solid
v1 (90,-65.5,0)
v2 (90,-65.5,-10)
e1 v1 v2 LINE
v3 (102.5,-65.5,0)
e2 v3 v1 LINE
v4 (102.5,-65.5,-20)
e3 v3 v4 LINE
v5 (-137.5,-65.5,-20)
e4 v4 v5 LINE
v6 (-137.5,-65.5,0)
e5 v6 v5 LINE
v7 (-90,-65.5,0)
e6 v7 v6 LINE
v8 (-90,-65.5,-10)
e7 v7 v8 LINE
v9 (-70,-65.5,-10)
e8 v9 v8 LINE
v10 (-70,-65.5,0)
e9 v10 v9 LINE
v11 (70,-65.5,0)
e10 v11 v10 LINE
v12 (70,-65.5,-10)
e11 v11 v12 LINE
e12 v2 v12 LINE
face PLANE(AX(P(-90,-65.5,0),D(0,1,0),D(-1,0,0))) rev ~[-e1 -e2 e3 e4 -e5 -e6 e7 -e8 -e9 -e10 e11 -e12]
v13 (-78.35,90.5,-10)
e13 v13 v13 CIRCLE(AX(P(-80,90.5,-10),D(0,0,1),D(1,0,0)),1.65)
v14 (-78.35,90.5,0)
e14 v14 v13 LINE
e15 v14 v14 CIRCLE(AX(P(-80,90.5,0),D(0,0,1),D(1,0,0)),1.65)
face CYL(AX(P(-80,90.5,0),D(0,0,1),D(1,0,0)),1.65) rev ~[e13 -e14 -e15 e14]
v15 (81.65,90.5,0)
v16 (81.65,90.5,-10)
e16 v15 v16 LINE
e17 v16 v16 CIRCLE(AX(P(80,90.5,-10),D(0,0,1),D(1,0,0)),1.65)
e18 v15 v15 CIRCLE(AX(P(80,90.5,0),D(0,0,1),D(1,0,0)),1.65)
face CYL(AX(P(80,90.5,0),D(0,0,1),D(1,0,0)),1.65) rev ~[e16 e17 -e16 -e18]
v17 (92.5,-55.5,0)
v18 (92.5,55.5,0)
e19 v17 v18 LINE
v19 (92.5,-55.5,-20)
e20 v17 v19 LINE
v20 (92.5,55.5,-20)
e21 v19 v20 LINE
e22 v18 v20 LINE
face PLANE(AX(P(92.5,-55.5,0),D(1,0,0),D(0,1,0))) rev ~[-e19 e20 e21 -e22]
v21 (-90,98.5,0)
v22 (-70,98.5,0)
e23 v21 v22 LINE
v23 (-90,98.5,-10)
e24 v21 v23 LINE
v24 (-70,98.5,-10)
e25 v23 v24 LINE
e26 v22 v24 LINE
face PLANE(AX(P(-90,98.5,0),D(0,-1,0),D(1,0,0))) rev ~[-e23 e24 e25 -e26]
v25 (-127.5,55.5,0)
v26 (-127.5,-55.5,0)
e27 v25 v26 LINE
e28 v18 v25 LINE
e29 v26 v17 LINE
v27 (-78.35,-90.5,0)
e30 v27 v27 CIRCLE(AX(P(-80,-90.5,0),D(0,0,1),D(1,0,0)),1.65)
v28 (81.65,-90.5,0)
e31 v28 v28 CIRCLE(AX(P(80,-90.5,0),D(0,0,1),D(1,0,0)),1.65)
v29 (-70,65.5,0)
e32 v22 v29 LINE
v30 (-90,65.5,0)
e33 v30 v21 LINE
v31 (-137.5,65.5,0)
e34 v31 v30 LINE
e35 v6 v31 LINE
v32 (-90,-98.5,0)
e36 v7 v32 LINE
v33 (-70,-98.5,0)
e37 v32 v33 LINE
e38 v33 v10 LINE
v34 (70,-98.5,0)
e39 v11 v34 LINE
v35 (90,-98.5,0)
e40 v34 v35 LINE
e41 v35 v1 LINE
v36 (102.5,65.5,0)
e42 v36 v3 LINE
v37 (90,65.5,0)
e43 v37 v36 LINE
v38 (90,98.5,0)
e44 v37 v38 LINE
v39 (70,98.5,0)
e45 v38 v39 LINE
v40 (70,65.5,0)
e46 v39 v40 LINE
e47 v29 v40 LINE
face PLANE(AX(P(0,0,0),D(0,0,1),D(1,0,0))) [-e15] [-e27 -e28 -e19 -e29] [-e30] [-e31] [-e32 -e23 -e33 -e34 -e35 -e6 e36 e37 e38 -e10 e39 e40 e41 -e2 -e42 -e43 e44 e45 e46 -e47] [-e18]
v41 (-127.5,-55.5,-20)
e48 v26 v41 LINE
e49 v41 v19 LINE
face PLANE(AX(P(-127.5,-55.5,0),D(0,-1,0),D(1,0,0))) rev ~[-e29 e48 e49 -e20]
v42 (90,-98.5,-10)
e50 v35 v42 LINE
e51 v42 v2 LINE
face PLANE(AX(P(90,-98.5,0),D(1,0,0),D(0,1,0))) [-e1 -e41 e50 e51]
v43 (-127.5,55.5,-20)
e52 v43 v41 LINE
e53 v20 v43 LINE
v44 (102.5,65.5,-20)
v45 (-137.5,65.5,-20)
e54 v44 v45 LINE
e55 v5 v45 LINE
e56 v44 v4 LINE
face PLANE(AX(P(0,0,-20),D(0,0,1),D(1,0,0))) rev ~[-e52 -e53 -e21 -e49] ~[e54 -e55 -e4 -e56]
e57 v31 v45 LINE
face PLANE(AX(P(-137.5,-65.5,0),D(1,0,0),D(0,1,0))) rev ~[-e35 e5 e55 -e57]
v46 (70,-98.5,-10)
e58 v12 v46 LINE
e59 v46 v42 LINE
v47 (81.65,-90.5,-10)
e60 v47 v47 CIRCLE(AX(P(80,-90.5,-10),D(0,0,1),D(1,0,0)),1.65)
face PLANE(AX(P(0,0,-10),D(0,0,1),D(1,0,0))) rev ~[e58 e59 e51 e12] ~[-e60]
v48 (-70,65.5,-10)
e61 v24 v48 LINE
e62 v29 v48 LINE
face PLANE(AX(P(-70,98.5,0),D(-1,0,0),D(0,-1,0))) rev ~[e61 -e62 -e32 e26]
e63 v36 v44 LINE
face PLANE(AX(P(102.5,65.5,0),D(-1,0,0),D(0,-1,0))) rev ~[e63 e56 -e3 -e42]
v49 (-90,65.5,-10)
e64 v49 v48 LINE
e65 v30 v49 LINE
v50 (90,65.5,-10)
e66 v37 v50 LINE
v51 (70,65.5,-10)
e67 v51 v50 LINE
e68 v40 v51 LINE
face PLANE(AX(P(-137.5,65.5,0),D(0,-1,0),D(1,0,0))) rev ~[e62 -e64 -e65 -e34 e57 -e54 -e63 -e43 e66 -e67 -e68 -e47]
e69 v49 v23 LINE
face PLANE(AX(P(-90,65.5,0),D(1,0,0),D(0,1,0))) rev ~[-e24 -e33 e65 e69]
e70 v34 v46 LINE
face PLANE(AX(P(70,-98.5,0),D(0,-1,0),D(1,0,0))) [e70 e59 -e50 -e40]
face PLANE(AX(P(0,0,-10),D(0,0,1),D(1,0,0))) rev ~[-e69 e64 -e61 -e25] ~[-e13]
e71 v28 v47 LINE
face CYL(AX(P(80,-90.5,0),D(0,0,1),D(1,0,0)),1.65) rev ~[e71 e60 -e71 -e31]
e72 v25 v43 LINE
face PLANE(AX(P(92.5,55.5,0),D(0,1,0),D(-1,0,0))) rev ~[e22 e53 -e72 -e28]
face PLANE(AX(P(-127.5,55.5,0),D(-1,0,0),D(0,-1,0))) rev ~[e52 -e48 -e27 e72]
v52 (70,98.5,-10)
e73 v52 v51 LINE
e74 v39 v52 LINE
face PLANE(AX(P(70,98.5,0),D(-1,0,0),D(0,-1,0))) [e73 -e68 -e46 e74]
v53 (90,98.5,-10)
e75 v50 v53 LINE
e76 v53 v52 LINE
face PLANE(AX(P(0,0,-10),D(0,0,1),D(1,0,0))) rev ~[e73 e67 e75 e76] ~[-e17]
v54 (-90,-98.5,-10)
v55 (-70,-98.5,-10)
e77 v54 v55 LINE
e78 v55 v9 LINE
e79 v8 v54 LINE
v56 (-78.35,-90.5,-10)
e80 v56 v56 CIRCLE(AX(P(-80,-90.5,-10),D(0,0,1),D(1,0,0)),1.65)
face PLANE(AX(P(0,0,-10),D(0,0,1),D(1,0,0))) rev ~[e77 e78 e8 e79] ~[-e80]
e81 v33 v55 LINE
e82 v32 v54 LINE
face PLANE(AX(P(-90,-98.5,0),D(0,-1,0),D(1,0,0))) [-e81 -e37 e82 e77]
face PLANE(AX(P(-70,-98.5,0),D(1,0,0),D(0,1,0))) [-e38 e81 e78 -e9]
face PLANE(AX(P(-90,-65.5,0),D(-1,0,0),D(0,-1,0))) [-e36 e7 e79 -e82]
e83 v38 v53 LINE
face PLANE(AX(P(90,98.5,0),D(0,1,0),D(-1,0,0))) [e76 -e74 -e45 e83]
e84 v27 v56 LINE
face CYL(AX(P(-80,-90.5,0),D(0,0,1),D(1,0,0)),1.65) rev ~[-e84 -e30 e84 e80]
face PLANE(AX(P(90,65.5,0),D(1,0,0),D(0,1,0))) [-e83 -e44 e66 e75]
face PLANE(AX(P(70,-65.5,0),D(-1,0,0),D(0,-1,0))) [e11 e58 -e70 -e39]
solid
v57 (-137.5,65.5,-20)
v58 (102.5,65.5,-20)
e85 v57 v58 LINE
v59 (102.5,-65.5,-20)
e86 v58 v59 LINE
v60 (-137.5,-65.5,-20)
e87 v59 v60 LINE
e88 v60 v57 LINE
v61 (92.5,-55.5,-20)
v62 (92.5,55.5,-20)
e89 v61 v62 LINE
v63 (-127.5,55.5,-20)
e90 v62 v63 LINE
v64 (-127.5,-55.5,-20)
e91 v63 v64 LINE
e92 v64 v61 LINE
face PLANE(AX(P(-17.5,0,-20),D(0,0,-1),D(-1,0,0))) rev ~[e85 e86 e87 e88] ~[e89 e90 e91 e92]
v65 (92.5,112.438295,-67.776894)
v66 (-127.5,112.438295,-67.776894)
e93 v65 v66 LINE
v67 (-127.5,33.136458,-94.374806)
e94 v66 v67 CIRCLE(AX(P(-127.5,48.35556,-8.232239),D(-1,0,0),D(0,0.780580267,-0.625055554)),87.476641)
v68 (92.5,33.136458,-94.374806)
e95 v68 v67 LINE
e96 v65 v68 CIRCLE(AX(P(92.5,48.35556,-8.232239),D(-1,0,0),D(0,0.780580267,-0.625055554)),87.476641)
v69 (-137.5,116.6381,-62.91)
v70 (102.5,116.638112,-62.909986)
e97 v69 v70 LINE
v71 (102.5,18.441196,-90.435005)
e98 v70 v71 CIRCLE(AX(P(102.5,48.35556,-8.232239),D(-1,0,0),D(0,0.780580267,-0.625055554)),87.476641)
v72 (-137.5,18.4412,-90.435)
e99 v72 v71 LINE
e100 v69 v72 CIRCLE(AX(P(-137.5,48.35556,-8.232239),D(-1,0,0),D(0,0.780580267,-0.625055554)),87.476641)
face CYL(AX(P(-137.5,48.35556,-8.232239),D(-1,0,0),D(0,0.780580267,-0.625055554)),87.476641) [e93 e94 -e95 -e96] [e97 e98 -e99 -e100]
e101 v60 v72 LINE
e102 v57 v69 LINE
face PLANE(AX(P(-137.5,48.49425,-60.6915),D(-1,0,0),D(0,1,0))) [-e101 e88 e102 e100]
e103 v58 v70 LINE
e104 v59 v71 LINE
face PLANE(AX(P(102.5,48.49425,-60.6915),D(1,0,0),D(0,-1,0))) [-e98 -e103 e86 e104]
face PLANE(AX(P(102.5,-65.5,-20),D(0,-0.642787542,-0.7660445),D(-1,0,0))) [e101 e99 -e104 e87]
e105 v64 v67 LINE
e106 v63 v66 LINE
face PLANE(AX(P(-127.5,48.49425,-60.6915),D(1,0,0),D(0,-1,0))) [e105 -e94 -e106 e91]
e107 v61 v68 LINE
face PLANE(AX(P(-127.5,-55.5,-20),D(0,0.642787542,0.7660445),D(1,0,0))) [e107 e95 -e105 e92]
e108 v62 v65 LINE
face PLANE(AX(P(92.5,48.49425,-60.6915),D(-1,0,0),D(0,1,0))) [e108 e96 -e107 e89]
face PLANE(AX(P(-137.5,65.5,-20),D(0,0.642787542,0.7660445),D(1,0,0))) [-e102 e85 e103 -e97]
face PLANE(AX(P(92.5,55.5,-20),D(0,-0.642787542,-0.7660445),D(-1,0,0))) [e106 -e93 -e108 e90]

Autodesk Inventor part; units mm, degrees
ref_plane "YZ Plane" through (0, 0, 0) normal (1, 0, 0) x (0, 1, 0)
ref_plane "XZ Plane" through (0, 0, 0) normal (0, 1, 0) x (-1, 0, 0)
ref_plane "XY Plane" through (0, 0, 0) normal (0, 0, 1) x (1, 0, 0)
sketch "Sketch1" plane through (0, 0, 0) normal (0, 0, 1) x (1, 0, 0)
  line L0 (-80, -90.5) -> (80, -90.5) construction
  line L1 (80, -90.5) -> (80, 90.5) construction
  line L2 (80, 90.5) -> (-80, 90.5) construction
  line L3 (-80, 90.5) -> (-80, -90.5) construction
  line L4 (-80, -90.5) -> (80, 90.5) construction
  line L5 (80, -90.5) -> (-80, 90.5) construction
  line L6 (-137.5, 65.5) -> (102.5, 65.5)
  line L7 (102.5, 65.5) -> (102.5, -65.5)
  line L8 (102.5, -65.5) -> (-137.5, -65.5)
  line L9 (-137.5, -65.5) -> (-137.5, 65.5)
  circle A0 centre (-80, 90.5) radius 1.65
  circle A1 centre (80, 90.5) radius 1.65
  circle A2 centre (-80, -90.5) radius 1.65
  circle A3 centre (80, -90.5) radius 1.65
  line L10 (92.5, 55.5) -> (-127.5, 55.5)
  line L11 (-127.5, 55.5) -> (-127.5, -55.5)
  line L12 (-127.5, -55.5) -> (92.5, -55.5)
  line L13 (92.5, -55.5) -> (92.5, 55.5)
  line L14 (-70, 65.5) -> (-90, 65.5)
  line L15 (-90, 65.5) -> (-90, 98.5)
  line L16 (-90, 98.5) -> (-70, 98.5)
  line L17 (-70, 98.5) -> (-70, 65.5)
  line L18 (90, 98.5) -> (70, 98.5)
  line L19 (70, 98.5) -> (70, 65.5)
  line L20 (70, 65.5) -> (90, 65.5)
  line L21 (90, 65.5) -> (90, 98.5)
  line L22 (90, -65.5) -> (70, -65.5)
  line L23 (70, -65.5) -> (70, -98.5)
  line L24 (70, -98.5) -> (90, -98.5)
  line L25 (90, -98.5) -> (90, -65.5)
  line L26 (-70, -65.5) -> (-90, -65.5)
  line L27 (-90, -65.5) -> (-90, -98.5)
  line L28 (-90, -98.5) -> (-70, -98.5)
  line L29 (-70, -98.5) -> (-70, -65.5)
  point P0 (0, 0)
  point P1 (102.5, 0)
  point P2 (-80, 98.5)
  point P3 (80, 65.5)
  point P4 (80, -98.5)
  point P5 (-80, -98.5)
  point P6 (70, -65.5)
  point P7 (-90, -65.5)
  point P8 (-90, 65.5)
  dimension "d0" = 181
  dimension "d1" = 160
  dimension "d3" = 3.3
  dimension "d4" = 10
  dimension "d5" = 240
  dimension "d6" = 22.5
  dimension "d15" = 25
  dimension "d16" = 20
  dimension "d21" = 20
  dimension "d22" = 33
  dimension "d23" = 20
  dimension "d25" = 20
extrude "Extrusion1" add sketch "Sketch1" against normal blind 20 contours L6 L7 L8 L9
extrude "Extrusion2" add sketch "Sketch1" against normal blind 10 contours L15 L16 L17 L6 | L8 L29 L28 L27 | L19 L18 L21 L6 | L8 L25 L24 L23
sketch "Sketch2" plane through (0, 0, 0) normal (1, 0, 0) x (0, 1, 0)
  line L0 (65.5, 0) -> (-65.5, 0) construction
  line L1 (65.5, 0) -> (65.5, -20) construction
  line L2 (-65.5, -20) -> (65.5, -20) construction
  line L3 (-65.5, 0) -> (-65.5, -20) construction
  line L4 (0, -20) -> (96.9885, -101.383)
  line L5 (-65.5, -20) -> (65.5, -20) projected
  point P0 (0, 0)
  dimension "d29" = 40
sketch "Sketch3" plane through (0, 0, -20) normal (0, 0, -1) x (-1, 0, 0)
  line L0 (-102.5, -65.5) -> (137.5, -65.5) projected
  line L1 (137.5, -65.5) -> (137.5, 65.5) projected
  line L2 (137.5, 65.5) -> (-102.5, 65.5) projected
  line L3 (-102.5, 65.5) -> (-102.5, -65.5) projected
  line L4 (-92.5, -55.5) -> (-92.5, 55.5) projected
  line L5 (-92.5, 55.5) -> (127.5, 55.5) projected
  line L6 (127.5, 55.5) -> (127.5, -55.5) projected
  line L7 (127.5, -55.5) -> (-92.5, -55.5) projected
  point P0 (0, 0)
sweep "Sweep3" add profiles "Sketch3" path "Sketch2" separate body path curves L4
sketch "Sketch4" plane through (-137.5, -65.5, -20) normal (-1, 0, 0) x (0, 0, 1)
  line L0 (0, 0) -> (0, 131) projected
  line L1 (0, 131) -> (-81.383, 227.9885) projected
  line L2 (-81.383, 96.9885) -> (-81.383, 227.9885) projected
  line L3 (0, 0) -> (-81.383, 96.9885) projected
  arc A0 (-42.91, 182.1381) -> (-70.435, 83.9412) centre (11.7677, 113.8556) ccw
  point P0 (20, 65.5)
extrude "Extrusion3" cut sketch "Sketch4" against normal through all contours L3 L2 L1 A0 bodies 2
properties part number "TOBOGAN_BASURA" material "Steel, Mild, Welded"
